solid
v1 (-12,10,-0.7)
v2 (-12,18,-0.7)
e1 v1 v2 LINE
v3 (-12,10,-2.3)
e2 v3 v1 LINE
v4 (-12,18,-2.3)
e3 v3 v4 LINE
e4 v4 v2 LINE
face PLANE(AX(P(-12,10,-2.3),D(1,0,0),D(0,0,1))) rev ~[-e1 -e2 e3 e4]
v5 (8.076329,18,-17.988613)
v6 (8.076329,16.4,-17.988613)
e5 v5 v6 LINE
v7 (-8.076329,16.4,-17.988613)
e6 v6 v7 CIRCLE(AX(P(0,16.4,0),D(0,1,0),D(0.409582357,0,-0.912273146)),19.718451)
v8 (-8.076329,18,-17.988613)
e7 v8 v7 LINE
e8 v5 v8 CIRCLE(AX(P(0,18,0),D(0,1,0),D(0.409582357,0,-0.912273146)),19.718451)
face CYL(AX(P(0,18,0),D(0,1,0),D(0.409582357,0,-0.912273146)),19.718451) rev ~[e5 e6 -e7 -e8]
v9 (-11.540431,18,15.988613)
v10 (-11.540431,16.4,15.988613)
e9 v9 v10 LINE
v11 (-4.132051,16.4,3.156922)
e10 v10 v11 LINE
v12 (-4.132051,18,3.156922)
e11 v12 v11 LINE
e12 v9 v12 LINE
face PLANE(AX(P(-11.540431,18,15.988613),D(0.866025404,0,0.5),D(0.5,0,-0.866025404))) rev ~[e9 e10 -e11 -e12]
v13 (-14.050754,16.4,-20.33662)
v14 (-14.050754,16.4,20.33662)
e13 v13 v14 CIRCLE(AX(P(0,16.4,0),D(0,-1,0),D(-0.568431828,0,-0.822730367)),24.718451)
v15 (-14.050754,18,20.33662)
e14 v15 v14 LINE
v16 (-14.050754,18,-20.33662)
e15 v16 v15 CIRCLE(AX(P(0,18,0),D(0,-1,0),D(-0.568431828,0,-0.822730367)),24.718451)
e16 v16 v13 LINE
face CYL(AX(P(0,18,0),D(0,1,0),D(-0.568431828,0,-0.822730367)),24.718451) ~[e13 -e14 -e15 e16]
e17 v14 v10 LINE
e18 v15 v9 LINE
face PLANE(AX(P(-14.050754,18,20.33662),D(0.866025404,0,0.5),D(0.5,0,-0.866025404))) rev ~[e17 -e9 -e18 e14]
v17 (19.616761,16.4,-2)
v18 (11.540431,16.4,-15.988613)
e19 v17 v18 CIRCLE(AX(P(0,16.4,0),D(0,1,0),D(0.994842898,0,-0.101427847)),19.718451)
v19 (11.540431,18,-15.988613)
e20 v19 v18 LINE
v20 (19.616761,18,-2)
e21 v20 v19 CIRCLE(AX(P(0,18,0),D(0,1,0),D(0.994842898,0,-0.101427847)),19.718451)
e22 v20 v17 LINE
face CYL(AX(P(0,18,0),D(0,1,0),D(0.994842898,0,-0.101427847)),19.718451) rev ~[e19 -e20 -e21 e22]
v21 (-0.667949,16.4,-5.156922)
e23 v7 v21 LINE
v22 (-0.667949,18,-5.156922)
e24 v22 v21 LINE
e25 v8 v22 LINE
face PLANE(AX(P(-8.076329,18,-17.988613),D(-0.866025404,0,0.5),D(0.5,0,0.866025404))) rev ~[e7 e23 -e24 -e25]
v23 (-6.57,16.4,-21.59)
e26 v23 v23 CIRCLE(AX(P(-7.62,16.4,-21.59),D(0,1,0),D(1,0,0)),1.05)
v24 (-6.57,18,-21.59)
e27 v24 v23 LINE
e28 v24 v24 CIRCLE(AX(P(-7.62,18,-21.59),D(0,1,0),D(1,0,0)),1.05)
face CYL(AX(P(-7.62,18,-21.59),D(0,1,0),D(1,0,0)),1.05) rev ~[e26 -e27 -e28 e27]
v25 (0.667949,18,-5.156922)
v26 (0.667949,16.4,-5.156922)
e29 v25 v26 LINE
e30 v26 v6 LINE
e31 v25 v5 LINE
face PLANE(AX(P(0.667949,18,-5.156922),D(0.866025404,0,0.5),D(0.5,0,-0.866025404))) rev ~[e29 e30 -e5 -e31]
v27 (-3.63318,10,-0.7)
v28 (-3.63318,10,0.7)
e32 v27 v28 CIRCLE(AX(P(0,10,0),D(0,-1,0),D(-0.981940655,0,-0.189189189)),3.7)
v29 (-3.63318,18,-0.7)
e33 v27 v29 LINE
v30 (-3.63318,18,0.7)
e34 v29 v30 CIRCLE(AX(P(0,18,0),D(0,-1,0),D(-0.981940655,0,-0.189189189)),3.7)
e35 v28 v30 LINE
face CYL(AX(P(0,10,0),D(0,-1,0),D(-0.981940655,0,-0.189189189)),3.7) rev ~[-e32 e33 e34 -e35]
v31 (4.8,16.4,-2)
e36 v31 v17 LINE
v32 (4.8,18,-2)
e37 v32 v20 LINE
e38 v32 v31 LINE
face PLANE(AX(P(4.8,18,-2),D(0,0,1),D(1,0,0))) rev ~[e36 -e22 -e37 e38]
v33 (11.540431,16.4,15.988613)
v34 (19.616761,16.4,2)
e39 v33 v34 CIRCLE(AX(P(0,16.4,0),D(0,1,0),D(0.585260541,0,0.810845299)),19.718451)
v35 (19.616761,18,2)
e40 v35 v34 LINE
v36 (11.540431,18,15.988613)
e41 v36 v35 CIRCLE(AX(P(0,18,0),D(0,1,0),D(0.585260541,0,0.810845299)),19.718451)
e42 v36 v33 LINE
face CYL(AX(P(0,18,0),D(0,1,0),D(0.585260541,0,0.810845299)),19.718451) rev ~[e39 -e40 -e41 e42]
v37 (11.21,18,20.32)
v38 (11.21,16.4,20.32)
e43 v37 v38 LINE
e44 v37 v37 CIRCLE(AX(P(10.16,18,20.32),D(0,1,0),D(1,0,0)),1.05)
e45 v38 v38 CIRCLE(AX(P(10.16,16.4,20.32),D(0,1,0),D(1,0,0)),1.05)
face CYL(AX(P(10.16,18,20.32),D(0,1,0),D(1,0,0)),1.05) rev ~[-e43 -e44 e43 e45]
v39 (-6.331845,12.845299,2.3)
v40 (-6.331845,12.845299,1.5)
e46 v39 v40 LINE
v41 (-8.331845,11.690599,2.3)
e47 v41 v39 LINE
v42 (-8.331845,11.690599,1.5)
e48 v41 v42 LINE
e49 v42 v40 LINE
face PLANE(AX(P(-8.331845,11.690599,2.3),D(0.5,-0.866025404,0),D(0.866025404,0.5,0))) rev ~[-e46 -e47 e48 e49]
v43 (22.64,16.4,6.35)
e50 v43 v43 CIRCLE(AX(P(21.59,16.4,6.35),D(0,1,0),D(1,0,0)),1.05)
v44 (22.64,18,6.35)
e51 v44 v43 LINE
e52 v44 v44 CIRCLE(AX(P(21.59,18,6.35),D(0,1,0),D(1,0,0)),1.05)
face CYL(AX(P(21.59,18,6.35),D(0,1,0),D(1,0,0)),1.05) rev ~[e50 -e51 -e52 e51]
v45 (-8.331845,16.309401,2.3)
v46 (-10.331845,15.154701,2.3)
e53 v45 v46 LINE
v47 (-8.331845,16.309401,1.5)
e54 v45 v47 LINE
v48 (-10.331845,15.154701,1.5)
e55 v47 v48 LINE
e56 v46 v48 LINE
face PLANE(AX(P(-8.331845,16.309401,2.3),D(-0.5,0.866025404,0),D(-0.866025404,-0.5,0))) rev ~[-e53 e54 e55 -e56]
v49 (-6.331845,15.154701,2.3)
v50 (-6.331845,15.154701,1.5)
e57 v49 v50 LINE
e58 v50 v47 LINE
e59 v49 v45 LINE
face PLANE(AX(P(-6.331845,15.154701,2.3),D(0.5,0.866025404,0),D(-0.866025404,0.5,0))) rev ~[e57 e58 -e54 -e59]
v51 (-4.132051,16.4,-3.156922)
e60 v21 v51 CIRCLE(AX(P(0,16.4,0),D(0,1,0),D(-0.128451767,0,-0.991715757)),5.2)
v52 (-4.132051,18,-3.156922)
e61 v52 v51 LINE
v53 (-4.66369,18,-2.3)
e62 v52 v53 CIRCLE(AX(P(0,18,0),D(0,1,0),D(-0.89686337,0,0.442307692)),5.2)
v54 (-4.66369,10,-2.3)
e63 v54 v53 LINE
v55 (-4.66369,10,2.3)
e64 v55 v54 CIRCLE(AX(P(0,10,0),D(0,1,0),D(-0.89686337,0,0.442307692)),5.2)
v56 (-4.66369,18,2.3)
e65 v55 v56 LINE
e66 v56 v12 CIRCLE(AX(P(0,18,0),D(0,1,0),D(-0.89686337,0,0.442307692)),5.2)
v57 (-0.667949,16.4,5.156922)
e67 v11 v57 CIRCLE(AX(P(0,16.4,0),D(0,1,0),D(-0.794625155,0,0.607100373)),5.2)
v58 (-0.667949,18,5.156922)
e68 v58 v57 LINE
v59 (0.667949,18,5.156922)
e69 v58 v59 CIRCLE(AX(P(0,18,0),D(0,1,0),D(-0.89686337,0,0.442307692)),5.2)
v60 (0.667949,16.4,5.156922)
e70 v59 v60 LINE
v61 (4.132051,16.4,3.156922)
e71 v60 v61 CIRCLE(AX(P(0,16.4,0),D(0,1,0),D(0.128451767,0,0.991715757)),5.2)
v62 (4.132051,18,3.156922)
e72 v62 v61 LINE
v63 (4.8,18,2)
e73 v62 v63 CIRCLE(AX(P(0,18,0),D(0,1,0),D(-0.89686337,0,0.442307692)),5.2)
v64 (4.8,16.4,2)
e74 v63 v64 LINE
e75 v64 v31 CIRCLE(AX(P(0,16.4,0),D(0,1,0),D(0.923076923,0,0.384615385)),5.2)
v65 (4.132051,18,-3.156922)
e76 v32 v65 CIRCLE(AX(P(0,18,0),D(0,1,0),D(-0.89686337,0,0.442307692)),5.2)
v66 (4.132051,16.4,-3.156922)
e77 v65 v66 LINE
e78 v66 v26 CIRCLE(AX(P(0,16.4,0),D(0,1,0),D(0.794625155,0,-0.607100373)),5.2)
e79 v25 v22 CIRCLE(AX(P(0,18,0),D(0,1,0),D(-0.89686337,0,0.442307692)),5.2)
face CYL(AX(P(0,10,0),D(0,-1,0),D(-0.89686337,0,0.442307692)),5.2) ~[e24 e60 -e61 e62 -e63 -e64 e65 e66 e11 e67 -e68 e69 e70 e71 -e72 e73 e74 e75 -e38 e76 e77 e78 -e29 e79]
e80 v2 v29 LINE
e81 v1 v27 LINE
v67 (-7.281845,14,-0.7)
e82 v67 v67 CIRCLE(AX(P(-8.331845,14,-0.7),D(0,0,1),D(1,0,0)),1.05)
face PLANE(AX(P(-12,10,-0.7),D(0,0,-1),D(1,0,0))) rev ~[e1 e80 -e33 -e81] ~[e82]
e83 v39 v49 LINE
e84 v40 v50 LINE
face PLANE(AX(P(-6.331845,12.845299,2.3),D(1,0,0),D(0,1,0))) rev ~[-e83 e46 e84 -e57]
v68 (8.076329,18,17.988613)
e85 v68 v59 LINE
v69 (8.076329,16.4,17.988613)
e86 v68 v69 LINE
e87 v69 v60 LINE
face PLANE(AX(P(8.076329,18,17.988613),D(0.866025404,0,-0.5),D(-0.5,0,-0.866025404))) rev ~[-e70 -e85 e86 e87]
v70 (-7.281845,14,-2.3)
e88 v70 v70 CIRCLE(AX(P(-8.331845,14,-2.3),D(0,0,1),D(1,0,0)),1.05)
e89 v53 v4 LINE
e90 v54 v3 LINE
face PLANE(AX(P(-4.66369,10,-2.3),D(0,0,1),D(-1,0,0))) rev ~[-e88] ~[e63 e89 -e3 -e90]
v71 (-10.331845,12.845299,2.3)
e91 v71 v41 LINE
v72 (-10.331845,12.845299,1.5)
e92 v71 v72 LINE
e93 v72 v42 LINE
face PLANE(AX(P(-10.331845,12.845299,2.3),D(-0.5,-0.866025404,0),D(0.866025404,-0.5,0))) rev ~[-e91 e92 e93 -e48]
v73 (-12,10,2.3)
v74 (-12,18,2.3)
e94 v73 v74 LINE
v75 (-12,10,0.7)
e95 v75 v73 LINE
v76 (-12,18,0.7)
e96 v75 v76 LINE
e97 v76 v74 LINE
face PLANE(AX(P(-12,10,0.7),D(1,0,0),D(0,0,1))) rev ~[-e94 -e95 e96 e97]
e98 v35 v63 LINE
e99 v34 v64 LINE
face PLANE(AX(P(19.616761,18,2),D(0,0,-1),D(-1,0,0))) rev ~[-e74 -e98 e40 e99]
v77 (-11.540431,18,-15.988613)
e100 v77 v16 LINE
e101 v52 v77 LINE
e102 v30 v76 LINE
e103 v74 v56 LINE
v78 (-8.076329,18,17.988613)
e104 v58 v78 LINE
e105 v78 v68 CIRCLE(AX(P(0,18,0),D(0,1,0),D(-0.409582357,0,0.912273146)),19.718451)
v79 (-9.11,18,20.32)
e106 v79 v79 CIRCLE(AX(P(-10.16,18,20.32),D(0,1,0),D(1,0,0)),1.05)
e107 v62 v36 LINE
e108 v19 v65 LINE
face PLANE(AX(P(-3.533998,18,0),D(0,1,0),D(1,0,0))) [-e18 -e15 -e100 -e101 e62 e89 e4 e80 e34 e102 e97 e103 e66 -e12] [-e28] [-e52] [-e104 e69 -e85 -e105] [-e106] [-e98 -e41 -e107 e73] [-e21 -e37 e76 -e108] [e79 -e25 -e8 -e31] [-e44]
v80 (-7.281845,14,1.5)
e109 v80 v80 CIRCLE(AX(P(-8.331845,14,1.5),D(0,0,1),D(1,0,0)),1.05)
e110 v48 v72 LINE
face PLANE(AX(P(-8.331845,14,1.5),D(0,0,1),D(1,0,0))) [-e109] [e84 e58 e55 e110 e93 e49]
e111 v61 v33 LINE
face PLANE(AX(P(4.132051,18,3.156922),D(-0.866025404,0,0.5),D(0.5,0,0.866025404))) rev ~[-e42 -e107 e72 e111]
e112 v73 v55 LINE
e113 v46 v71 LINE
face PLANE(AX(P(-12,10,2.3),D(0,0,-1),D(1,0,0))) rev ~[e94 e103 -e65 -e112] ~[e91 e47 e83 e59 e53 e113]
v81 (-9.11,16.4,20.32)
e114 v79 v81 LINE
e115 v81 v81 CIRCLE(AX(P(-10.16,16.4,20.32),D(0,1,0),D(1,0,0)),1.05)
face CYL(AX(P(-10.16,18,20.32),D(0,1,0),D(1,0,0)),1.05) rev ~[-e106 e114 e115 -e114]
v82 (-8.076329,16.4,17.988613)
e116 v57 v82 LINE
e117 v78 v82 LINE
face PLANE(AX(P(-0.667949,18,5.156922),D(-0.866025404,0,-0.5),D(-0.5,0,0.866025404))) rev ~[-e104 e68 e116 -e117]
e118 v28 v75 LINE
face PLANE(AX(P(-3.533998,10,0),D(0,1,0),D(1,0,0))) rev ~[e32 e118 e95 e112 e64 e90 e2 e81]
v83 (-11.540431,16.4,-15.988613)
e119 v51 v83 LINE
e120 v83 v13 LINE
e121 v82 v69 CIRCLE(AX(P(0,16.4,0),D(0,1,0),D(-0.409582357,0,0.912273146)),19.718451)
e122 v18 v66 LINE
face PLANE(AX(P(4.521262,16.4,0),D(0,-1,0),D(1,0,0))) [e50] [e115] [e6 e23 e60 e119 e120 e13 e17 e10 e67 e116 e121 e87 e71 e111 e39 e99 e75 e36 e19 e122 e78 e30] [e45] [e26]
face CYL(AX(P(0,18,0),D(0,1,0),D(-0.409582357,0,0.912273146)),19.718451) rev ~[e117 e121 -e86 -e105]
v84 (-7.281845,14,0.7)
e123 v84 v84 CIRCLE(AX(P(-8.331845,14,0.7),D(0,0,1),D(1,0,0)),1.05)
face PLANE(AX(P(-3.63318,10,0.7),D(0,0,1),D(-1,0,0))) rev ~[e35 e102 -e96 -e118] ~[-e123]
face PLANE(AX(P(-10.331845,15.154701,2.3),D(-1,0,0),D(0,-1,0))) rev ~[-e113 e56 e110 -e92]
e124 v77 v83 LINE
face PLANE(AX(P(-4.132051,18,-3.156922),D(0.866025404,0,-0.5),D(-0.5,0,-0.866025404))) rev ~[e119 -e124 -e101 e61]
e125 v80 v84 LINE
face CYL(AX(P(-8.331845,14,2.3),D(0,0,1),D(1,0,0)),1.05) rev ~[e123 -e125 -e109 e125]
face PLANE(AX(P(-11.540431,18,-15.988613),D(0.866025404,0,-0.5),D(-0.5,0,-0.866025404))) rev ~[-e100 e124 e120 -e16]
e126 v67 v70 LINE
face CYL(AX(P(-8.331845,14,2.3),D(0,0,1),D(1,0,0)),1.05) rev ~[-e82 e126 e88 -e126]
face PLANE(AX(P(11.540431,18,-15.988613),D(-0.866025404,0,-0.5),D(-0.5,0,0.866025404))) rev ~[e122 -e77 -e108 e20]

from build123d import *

# Parameters (mm, degrees)
BOSS_EXTRUDE2_START     = 10
BOSS_EXTRUDE2_DEPTH     = 8
SKETCH6_R               = 1.05
CUT_EXTRUDE1_DEPTH      = 3.9
CUT_EXTRUDE1_DEPTH_BACK = 8.5
CUT_EXTRUDE2_DEPTH      = 0.8
BOSS_EXTRUDE6_DEPTH     = 1.6
SKETCH9_R               = 1.05
CUT_EXTRUDE3_DEPTH      = 9


with BuildPart() as part:
    # Sketch2 → Boss-Extrude2 (new body)
    with BuildSketch(Plane(origin=(0, 0, 0), x_dir=(1, 0, 0), z_dir=(0, 1, 0)).offset(BOSS_EXTRUDE2_START)):
        with BuildLine():
            Line((-4.663689527, 2.3), (-12, 2.3))
            Line((-12, 2.3), (-12, 0.7))
            Line((-12, 0.7), (-3.633180425, 0.7))
            ThreePointArc((-3.633180425, 0.7), (3.7, 0), (-3.633180425, -0.7))
            Line((-3.633180425, -0.7), (-12, -0.7))
            Line((-12, -0.7), (-12, -2.3))
            Line((-12, -2.3), (-4.663689527, -2.3))
            ThreePointArc((-4.663689527, -2.3), (5.2, 0), (-4.663689527, 2.3))
        make_face()
    extrude(amount=BOSS_EXTRUDE2_DEPTH)

    # Sketch6 → Cut-Extrude1 (cut, two sides)
    with BuildSketch(Plane.XY.offset(2.3)) as cut_extrude1_sk:
        with Locations((-8.331844763, 14)):
            Circle(SKETCH6_R)
    extrude(amount=CUT_EXTRUDE1_DEPTH, mode=Mode.SUBTRACT)
    extrude(cut_extrude1_sk.sketch, amount=-CUT_EXTRUDE1_DEPTH_BACK, mode=Mode.SUBTRACT)

    # Sketch7 → Cut-Extrude2 (cut)
    with BuildSketch(Plane.XY.offset(2.3)):
        Polygon((-6.331844763, 15.154700538), (-8.331844763, 16.309401077), (-10.331844763, 15.154700538), (-10.331844763, 12.845299462), (-8.331844763, 11.690598923), (-6.331844763, 12.845299462), align=None)
    extrude(amount=-CUT_EXTRUDE2_DEPTH, mode=Mode.SUBTRACT)

    # Sketch8 → Boss-Extrude6 (add)
    with BuildSketch(Plane.XZ.offset(-18)):
        with BuildLine():
            Line((0.667949192, -5.156921938), (8.076329488, -17.988613012))
            ThreePointArc((8.076329488, -17.988613012), (0, -19.718450651), (-8.076329488, -17.988613012))
            Line((-8.076329488, -17.988613012), (-0.667949192, -5.156921938))
            ThreePointArc((-0.667949192, -5.156921938), (-2.6, -4.5033321), (-4.132050808, -3.156921938))
            Line((-4.132050808, -3.156921938), (-11.540431103, -15.988613012))
            Line((-11.540431103, -15.988613012), (-14.050754094, -20.336619975))
            ThreePointArc((-14.050754094, -20.336619975), (24.718450651, 0), (-14.050754094, 20.336619975))
            Line((-14.050754094, 20.336619975), (-11.540431103, 15.988613012))
            Line((-11.540431103, 15.988613012), (-4.132050808, 3.156921938))
            ThreePointArc((-4.132050808, 3.156921938), (-2.6, 4.5033321), (-0.667949192, 5.156921938))
            Line((-0.667949192, 5.156921938), (-8.076329488, 17.988613012))
            ThreePointArc((-8.076329488, 17.988613012), (0, 19.718450651), (8.076329488, 17.988613012))
            Line((8.076329488, 17.988613012), (0.667949192, 5.156921938))
            ThreePointArc((0.667949192, 5.156921938), (2.6, 4.5033321), (4.132050808, 3.156921938))
            Line((4.132050808, 3.156921938), (11.540431103, 15.988613012))
            ThreePointArc((11.540431103, 15.988613012), (17.076679187, 9.859225326), (19.616760591, 2))
            Line((19.616760591, 2), (4.8, 2))
            ThreePointArc((4.8, 2), (5.2, 0), (4.8, -2))
            Line((4.8, -2), (19.616760591, -2))
            ThreePointArc((19.616760591, -2), (17.076679187, -9.859225326), (11.540431103, -15.988613012))
            Line((11.540431103, -15.988613012), (4.132050808, -3.156921938))
            ThreePointArc((4.132050808, -3.156921938), (2.6, -4.5033321), (0.667949192, -5.156921938))
        make_face()
    extrude(amount=BOSS_EXTRUDE6_DEPTH)

    # Sketch9 → Cut-Extrude3 (cut, through all)
    with BuildSketch(Plane(origin=(0, 18, 0), x_dir=(1, 0, 0), z_dir=(0, 1, 0))):
        with Locations((-7.62, 21.59)):
            Circle(SKETCH9_R)
        with Locations((-10.16, -20.32)):
            Circle(SKETCH9_R)
        with Locations((10.16, -20.32)):
            Circle(SKETCH9_R)
        with Locations((21.59, -6.35)):
            Circle(SKETCH9_R)
    extrude(amount=-CUT_EXTRUDE3_DEPTH, mode=Mode.SUBTRACT)


solid = part.part
